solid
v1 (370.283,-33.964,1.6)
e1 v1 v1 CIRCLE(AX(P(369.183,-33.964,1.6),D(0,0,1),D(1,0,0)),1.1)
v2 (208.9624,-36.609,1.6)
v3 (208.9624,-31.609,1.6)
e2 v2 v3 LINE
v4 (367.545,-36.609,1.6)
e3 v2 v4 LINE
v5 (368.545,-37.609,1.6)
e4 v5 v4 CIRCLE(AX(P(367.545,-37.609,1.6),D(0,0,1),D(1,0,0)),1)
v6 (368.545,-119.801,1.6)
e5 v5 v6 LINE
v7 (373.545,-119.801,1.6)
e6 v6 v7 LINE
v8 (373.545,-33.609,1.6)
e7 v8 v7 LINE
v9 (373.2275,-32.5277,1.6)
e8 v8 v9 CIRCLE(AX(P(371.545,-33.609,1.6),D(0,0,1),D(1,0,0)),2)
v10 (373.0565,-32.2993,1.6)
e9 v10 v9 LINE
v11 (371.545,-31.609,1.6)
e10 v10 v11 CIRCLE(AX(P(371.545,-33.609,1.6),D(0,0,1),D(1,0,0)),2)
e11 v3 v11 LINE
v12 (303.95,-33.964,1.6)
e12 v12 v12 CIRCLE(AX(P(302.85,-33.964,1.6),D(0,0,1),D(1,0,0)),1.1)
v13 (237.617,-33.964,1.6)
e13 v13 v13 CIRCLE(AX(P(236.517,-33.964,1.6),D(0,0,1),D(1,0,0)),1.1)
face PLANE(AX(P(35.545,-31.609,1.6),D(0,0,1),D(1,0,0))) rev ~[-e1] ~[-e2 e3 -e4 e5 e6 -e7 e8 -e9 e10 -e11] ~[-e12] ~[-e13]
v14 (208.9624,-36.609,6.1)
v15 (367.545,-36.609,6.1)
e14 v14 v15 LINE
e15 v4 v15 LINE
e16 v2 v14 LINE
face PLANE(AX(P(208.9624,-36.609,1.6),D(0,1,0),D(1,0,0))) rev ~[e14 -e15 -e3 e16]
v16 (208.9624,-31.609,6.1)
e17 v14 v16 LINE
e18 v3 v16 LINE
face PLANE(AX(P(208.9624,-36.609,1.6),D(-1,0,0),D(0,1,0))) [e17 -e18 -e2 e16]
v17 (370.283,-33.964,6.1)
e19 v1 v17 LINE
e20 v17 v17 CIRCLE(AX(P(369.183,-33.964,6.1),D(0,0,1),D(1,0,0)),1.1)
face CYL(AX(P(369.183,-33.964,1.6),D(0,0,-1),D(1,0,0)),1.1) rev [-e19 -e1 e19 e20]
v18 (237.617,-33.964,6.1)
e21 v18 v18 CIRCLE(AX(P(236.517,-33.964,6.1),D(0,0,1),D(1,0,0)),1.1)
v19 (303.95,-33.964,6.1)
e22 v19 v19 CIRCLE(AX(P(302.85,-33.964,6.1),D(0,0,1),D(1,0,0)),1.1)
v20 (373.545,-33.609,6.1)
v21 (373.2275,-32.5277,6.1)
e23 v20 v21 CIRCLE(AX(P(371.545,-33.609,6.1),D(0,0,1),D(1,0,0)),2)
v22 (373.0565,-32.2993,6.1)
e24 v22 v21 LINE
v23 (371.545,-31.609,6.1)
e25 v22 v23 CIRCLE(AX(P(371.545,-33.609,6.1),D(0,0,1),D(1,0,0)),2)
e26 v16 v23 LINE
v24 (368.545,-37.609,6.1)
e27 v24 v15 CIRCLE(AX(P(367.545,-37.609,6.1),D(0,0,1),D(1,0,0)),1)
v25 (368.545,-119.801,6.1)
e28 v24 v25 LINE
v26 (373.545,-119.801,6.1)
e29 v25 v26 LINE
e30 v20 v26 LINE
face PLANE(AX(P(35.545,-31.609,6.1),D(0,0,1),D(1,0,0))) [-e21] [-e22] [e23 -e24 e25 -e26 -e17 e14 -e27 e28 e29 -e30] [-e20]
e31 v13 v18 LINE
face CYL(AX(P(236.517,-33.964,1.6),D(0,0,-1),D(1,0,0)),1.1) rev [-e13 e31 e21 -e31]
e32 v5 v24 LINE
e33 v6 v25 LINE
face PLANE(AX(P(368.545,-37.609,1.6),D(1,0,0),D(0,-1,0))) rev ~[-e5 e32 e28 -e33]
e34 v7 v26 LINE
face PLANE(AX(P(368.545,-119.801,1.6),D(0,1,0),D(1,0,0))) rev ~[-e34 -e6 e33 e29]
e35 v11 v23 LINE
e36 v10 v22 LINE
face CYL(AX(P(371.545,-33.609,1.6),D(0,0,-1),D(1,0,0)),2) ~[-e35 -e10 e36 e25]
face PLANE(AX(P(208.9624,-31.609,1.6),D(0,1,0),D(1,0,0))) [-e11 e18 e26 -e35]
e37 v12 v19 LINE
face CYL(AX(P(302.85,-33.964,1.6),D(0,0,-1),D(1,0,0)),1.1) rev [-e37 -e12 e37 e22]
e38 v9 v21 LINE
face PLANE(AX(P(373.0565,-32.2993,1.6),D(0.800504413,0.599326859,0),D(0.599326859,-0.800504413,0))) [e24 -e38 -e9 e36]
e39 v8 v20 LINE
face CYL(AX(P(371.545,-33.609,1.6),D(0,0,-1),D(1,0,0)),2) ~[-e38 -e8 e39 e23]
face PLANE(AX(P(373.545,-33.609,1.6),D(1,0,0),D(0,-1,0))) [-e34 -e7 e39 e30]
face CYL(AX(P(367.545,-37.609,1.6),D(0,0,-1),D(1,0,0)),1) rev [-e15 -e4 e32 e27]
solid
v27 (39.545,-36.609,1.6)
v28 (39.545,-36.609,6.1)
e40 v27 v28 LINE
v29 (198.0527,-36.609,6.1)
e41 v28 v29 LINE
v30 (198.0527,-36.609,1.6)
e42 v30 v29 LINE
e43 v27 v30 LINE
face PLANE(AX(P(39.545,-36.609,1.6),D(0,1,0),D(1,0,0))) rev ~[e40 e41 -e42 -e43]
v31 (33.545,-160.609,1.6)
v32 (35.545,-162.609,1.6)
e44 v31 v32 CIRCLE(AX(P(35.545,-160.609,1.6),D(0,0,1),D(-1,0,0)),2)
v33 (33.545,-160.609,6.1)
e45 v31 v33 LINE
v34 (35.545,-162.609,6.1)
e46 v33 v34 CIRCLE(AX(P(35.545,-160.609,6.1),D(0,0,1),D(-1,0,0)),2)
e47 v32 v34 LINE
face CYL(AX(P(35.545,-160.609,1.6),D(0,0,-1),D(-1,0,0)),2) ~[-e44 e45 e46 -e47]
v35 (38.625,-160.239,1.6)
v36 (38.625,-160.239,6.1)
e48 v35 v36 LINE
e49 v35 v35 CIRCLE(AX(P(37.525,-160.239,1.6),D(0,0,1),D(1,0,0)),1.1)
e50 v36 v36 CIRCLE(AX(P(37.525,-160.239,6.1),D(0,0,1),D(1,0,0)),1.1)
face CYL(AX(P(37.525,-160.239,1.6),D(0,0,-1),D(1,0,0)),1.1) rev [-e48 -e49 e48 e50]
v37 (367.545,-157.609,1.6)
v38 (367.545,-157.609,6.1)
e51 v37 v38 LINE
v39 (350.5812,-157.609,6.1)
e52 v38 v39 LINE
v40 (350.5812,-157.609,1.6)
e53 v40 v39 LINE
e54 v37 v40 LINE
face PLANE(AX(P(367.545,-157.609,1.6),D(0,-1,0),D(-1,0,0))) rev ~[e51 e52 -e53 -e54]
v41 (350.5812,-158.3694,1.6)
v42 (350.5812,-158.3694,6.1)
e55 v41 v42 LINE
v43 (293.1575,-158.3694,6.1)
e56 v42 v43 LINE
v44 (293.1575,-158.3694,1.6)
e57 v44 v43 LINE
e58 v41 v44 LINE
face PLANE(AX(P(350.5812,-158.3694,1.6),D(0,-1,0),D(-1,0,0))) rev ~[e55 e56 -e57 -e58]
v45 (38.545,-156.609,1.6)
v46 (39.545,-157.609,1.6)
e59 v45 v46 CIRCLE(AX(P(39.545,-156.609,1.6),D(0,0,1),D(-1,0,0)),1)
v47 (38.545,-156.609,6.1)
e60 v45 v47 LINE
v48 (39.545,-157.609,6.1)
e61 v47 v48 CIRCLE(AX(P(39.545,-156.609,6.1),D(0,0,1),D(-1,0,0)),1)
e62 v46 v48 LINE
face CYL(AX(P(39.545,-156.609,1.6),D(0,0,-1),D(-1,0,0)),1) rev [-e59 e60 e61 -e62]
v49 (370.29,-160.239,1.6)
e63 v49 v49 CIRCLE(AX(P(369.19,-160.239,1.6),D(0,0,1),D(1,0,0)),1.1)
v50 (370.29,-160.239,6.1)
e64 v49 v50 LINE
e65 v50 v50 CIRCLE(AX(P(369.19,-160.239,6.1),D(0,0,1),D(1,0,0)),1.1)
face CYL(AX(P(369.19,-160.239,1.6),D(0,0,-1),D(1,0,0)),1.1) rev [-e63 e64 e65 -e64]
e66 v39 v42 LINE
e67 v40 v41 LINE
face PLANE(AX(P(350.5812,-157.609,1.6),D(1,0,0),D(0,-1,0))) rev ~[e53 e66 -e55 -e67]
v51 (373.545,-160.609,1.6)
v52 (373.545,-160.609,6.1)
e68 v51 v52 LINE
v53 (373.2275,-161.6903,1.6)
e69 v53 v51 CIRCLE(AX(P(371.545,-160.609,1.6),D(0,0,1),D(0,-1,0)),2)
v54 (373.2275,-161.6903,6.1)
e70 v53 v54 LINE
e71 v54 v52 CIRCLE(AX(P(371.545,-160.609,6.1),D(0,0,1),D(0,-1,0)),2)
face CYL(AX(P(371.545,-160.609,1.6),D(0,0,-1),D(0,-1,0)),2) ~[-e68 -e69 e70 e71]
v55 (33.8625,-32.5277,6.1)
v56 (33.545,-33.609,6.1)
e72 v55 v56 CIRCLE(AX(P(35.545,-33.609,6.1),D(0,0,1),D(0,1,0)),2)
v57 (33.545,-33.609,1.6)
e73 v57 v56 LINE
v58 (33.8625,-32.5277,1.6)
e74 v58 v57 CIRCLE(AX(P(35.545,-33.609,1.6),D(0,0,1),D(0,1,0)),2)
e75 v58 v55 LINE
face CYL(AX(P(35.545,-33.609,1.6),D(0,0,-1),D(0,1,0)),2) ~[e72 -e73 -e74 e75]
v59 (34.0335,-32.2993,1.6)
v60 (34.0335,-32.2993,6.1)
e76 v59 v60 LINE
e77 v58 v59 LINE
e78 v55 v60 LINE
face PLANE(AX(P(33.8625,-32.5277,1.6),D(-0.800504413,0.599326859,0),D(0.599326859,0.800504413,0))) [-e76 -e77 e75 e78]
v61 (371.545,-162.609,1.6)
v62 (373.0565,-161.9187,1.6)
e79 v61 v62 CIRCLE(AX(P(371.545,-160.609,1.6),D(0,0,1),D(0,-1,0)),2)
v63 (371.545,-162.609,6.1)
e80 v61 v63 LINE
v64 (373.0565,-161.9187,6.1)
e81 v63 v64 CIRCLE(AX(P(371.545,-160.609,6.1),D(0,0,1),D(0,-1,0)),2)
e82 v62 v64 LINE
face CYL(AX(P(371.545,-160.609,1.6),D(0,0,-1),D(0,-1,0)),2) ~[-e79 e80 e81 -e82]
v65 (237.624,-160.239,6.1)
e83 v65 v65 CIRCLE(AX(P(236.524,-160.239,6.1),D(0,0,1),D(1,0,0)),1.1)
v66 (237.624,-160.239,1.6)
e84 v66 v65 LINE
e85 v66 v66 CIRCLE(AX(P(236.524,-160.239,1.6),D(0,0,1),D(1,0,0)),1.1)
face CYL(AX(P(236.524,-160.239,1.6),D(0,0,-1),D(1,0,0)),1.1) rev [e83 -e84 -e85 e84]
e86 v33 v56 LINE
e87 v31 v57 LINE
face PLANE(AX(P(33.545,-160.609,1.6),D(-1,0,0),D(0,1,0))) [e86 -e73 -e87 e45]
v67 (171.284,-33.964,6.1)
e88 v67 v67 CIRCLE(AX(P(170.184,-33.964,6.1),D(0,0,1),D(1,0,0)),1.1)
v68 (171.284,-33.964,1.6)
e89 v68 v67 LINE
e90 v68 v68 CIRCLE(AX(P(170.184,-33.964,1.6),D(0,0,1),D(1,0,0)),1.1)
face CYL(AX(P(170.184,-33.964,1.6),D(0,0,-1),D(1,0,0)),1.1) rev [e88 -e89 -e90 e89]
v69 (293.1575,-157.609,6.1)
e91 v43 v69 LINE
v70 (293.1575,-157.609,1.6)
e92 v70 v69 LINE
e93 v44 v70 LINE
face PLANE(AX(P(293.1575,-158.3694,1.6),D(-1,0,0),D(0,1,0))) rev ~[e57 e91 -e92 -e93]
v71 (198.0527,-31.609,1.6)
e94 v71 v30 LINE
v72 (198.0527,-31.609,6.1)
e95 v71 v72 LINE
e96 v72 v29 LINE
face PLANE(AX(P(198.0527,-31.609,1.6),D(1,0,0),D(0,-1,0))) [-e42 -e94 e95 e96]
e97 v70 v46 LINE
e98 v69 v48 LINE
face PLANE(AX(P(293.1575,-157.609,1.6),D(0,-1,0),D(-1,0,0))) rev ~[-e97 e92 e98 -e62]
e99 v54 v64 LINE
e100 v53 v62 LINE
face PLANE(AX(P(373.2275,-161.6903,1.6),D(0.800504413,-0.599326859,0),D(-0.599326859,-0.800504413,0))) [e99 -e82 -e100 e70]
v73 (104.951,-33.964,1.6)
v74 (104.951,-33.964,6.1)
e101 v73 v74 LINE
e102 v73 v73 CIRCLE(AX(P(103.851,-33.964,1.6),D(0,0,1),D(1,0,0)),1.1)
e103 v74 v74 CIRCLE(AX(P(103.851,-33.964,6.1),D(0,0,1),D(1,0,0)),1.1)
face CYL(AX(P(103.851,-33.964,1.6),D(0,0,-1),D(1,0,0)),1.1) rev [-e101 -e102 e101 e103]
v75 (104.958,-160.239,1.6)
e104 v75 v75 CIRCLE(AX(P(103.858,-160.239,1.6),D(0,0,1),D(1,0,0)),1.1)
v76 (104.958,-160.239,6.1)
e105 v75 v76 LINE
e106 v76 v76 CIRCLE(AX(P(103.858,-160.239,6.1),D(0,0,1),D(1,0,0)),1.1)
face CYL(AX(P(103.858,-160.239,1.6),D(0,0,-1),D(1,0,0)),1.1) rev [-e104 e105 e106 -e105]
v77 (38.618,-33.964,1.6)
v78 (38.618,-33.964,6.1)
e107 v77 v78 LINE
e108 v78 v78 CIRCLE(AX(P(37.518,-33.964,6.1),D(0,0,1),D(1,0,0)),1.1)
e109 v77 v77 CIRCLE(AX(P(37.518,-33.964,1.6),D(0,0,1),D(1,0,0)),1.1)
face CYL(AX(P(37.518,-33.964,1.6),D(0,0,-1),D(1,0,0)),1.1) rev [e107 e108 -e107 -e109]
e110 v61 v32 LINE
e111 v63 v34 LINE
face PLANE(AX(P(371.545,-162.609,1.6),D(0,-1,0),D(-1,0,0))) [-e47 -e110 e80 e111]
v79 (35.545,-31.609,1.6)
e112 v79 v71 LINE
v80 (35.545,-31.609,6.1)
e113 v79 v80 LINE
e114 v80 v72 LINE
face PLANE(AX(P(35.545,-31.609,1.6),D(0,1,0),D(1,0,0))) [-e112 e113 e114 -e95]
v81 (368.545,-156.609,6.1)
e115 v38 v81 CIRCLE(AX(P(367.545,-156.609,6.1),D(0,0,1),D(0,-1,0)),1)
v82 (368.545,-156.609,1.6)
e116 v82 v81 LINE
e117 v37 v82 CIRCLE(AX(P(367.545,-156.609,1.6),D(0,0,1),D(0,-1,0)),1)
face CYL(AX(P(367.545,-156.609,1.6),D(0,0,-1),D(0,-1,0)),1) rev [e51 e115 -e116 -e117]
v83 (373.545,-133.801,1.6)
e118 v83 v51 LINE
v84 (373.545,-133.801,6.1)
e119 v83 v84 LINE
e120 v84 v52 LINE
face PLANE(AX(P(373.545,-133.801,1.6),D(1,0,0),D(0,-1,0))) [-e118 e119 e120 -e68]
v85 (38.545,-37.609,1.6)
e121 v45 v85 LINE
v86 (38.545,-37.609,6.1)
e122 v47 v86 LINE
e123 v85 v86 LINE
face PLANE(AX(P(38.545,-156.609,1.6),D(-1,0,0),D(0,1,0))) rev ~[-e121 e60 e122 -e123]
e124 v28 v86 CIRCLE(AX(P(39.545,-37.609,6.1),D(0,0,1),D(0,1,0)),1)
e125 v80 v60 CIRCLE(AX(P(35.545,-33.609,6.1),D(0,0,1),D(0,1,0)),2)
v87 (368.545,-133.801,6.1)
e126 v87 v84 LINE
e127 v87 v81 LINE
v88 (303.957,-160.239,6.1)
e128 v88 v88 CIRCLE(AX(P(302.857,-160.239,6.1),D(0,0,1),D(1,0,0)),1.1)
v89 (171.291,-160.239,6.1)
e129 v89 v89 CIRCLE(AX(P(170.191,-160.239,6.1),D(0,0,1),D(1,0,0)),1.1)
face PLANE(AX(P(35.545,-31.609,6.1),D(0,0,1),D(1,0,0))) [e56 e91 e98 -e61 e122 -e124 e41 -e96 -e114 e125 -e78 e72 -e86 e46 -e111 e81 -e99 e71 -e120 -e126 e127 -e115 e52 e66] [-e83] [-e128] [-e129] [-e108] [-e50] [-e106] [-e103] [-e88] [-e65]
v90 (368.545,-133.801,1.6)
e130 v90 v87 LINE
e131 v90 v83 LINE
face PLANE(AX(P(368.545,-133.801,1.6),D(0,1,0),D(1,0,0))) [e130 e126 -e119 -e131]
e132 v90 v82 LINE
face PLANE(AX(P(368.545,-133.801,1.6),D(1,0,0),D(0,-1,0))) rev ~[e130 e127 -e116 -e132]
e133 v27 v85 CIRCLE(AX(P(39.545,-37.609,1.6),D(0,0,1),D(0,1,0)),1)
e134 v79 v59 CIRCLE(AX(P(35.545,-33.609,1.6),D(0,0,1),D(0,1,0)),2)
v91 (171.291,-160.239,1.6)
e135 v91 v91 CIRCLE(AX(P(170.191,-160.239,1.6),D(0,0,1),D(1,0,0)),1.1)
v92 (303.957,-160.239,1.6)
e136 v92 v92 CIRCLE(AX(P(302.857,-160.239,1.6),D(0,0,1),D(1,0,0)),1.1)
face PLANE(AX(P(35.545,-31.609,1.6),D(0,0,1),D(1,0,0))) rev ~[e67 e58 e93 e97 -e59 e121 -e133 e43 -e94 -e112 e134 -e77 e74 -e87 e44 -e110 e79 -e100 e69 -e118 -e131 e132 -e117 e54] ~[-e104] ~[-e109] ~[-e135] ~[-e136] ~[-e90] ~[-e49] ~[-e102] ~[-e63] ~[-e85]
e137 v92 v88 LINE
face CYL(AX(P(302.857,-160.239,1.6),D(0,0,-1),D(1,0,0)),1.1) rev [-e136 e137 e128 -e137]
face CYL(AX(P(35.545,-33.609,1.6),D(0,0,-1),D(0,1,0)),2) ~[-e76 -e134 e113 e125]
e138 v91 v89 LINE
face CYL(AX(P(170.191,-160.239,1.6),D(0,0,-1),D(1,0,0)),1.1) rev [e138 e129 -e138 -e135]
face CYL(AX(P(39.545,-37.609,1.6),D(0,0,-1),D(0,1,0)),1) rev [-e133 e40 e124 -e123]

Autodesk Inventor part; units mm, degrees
ref_plane "YZ Plane" through (0, 0, 0) normal (1, 0, 0) x (0, 1, 0)
ref_plane "XZ Plane" through (0, 0, 0) normal (0, 1, 0) x (-1, 0, 0)
ref_plane "XY Plane" through (0, 0, 0) normal (0, 0, 1) x (1, 0, 0)
ref_plane "Work Plane2" through (35.545, -31.609, 1.6) normal (0, 0, 1) x (1, 0, 0)
ref_plane "Work Plane1" through (35.545, -31.609, 1.6) normal (0, 0, 1) x (1, 0, 0)
sketch "Sketch1" plane through (35.545, -31.609, 1.6) normal (0, 0, 1) x (1, 0, 0)
  line L0 (0, 0) -> (336, 0) projected
  line L1 (-2, -129) -> (-2, -2) projected
  line L2 (-1.6825, -0.9187) -> (-1.5115, -0.6903) projected
  arc A0 (0, 0) -> (-2, -2) centre (0, -2) ccw
  line L3 (338, -2) -> (338, -129) projected
  line L4 (337.5115, -0.6903) -> (337.6825, -0.9187) projected
  arc A1 (338, -2) -> (336, 0) centre (336, -2) ccw
  line L5 (336, -131) -> (0, -131) projected
  line L6 (337.6825, -130.0813) -> (337.5115, -130.3097) projected
  arc A2 (336, -131) -> (338, -129) centre (336, -129) ccw
  arc A3 (-2, -129) -> (0, -131) centre (0, -129) ccw
  circle A4 centre (1.98, -128.63) radius 1.1 projected
  circle A5 centre (1.98, -128.63) radius 1.1
  circle A6 centre (68.313, -128.63) radius 1.1 projected
  circle A7 centre (134.646, -128.63) radius 1.1 projected
  circle A8 centre (134.646, -128.63) radius 1.1
  circle A9 centre (68.313, -128.63) radius 1.1
  circle A10 centre (200.979, -128.63) radius 1.1 projected
  circle A11 centre (267.312, -128.63) radius 1.1 projected
  circle A12 centre (333.645, -128.63) radius 1.1 projected
  circle A13 centre (333.645, -128.63) radius 1.1
  circle A14 centre (267.312, -128.63) radius 1.1
  circle A15 centre (200.979, -128.63) radius 1.1
  circle A16 centre (333.638, -2.355) radius 1.1 projected
  circle A17 centre (1.973, -2.355) radius 1.1 projected
  circle A18 centre (68.306, -2.355) radius 1.1 projected
  circle A19 centre (134.639, -2.355) radius 1.1 projected
  circle A20 centre (200.972, -2.355) radius 1.1 projected
  circle A21 centre (267.305, -2.355) radius 1.1 projected
  circle A22 centre (333.645, -2.355) radius 1.093
  circle A23 centre (267.305, -2.355) radius 1.1
  circle A24 centre (200.972, -2.355) radius 1.1
  circle A25 centre (134.639, -2.355) radius 1.1
  circle A26 centre (68.306, -2.355) radius 1.1
  circle A27 centre (1.973, -2.355) radius 1.1
  line L7 (3, -4.2357) -> (125.2758, -4.2357) construction
  line L8 (4, -5) -> (332, -5)
  line L9 (333, -6) -> (333, -125)
  line L10 (332, -126) -> (4, -126)
  line L11 (3, -125) -> (3, -6)
  arc A28 (4, -5) -> (3, -6) centre (4, -6) ccw
  arc A29 (333, -6) -> (332, -5) centre (332, -6) ccw
  arc A30 (332, -126) -> (333, -125) centre (332, -125) ccw
  arc A31 (3, -125) -> (4, -126) centre (4, -125) ccw
  line L12 (162.5077, 0) -> (162.5077, -5)
  line L13 (173.4174, -5) -> (173.4174, 0)
  circle A32 centre (320.737, -95.692) radius 0.175 projected
  line L14 (333, -88.192) -> (338, -88.192)
  line L15 (333, -102.192) -> (338, -102.192)
  line L16 (257.6125, -126) -> (315.0362, -126)
  line L17 (315.0362, -126) -> (315.0362, -126.7604)
  line L18 (315.0362, -126.7604) -> (257.6125, -126.7604)
  line L19 (257.6125, -126.7604) -> (257.6125, -126)
  point P0 (-35.545, 31.609)
  point P1 (-1.5115, -130.3097)
  point P2 (335.5, -88.192)
  point P3 (0, -131)
  point P4 (337.6825, -130.0813)
  point P5 (-1.6825, -0.9187)
  point P6 (337.6825, -0.9187)
  dimension "d2" = 5
  dimension "d3" = 5
  dimension "d4" = 5
  dimension "d5" = 5
  dimension "d6" = 1
  dimension "d7" = 1
  dimension "d8" = 1
  dimension "d9" = 1
extrude "Extrusion1" add sketch "Sketch1" along normal blind 4.5 contours L0 L12 L8 A28 L11 A31 L10 L19 L18 L17 A30 L9 L15 L3 A2 L6 L5 A3 L1 A0 L2 | L0 A1 L4 L3 L14 L9 A29 L8 L13
properties part number "open_liner"
